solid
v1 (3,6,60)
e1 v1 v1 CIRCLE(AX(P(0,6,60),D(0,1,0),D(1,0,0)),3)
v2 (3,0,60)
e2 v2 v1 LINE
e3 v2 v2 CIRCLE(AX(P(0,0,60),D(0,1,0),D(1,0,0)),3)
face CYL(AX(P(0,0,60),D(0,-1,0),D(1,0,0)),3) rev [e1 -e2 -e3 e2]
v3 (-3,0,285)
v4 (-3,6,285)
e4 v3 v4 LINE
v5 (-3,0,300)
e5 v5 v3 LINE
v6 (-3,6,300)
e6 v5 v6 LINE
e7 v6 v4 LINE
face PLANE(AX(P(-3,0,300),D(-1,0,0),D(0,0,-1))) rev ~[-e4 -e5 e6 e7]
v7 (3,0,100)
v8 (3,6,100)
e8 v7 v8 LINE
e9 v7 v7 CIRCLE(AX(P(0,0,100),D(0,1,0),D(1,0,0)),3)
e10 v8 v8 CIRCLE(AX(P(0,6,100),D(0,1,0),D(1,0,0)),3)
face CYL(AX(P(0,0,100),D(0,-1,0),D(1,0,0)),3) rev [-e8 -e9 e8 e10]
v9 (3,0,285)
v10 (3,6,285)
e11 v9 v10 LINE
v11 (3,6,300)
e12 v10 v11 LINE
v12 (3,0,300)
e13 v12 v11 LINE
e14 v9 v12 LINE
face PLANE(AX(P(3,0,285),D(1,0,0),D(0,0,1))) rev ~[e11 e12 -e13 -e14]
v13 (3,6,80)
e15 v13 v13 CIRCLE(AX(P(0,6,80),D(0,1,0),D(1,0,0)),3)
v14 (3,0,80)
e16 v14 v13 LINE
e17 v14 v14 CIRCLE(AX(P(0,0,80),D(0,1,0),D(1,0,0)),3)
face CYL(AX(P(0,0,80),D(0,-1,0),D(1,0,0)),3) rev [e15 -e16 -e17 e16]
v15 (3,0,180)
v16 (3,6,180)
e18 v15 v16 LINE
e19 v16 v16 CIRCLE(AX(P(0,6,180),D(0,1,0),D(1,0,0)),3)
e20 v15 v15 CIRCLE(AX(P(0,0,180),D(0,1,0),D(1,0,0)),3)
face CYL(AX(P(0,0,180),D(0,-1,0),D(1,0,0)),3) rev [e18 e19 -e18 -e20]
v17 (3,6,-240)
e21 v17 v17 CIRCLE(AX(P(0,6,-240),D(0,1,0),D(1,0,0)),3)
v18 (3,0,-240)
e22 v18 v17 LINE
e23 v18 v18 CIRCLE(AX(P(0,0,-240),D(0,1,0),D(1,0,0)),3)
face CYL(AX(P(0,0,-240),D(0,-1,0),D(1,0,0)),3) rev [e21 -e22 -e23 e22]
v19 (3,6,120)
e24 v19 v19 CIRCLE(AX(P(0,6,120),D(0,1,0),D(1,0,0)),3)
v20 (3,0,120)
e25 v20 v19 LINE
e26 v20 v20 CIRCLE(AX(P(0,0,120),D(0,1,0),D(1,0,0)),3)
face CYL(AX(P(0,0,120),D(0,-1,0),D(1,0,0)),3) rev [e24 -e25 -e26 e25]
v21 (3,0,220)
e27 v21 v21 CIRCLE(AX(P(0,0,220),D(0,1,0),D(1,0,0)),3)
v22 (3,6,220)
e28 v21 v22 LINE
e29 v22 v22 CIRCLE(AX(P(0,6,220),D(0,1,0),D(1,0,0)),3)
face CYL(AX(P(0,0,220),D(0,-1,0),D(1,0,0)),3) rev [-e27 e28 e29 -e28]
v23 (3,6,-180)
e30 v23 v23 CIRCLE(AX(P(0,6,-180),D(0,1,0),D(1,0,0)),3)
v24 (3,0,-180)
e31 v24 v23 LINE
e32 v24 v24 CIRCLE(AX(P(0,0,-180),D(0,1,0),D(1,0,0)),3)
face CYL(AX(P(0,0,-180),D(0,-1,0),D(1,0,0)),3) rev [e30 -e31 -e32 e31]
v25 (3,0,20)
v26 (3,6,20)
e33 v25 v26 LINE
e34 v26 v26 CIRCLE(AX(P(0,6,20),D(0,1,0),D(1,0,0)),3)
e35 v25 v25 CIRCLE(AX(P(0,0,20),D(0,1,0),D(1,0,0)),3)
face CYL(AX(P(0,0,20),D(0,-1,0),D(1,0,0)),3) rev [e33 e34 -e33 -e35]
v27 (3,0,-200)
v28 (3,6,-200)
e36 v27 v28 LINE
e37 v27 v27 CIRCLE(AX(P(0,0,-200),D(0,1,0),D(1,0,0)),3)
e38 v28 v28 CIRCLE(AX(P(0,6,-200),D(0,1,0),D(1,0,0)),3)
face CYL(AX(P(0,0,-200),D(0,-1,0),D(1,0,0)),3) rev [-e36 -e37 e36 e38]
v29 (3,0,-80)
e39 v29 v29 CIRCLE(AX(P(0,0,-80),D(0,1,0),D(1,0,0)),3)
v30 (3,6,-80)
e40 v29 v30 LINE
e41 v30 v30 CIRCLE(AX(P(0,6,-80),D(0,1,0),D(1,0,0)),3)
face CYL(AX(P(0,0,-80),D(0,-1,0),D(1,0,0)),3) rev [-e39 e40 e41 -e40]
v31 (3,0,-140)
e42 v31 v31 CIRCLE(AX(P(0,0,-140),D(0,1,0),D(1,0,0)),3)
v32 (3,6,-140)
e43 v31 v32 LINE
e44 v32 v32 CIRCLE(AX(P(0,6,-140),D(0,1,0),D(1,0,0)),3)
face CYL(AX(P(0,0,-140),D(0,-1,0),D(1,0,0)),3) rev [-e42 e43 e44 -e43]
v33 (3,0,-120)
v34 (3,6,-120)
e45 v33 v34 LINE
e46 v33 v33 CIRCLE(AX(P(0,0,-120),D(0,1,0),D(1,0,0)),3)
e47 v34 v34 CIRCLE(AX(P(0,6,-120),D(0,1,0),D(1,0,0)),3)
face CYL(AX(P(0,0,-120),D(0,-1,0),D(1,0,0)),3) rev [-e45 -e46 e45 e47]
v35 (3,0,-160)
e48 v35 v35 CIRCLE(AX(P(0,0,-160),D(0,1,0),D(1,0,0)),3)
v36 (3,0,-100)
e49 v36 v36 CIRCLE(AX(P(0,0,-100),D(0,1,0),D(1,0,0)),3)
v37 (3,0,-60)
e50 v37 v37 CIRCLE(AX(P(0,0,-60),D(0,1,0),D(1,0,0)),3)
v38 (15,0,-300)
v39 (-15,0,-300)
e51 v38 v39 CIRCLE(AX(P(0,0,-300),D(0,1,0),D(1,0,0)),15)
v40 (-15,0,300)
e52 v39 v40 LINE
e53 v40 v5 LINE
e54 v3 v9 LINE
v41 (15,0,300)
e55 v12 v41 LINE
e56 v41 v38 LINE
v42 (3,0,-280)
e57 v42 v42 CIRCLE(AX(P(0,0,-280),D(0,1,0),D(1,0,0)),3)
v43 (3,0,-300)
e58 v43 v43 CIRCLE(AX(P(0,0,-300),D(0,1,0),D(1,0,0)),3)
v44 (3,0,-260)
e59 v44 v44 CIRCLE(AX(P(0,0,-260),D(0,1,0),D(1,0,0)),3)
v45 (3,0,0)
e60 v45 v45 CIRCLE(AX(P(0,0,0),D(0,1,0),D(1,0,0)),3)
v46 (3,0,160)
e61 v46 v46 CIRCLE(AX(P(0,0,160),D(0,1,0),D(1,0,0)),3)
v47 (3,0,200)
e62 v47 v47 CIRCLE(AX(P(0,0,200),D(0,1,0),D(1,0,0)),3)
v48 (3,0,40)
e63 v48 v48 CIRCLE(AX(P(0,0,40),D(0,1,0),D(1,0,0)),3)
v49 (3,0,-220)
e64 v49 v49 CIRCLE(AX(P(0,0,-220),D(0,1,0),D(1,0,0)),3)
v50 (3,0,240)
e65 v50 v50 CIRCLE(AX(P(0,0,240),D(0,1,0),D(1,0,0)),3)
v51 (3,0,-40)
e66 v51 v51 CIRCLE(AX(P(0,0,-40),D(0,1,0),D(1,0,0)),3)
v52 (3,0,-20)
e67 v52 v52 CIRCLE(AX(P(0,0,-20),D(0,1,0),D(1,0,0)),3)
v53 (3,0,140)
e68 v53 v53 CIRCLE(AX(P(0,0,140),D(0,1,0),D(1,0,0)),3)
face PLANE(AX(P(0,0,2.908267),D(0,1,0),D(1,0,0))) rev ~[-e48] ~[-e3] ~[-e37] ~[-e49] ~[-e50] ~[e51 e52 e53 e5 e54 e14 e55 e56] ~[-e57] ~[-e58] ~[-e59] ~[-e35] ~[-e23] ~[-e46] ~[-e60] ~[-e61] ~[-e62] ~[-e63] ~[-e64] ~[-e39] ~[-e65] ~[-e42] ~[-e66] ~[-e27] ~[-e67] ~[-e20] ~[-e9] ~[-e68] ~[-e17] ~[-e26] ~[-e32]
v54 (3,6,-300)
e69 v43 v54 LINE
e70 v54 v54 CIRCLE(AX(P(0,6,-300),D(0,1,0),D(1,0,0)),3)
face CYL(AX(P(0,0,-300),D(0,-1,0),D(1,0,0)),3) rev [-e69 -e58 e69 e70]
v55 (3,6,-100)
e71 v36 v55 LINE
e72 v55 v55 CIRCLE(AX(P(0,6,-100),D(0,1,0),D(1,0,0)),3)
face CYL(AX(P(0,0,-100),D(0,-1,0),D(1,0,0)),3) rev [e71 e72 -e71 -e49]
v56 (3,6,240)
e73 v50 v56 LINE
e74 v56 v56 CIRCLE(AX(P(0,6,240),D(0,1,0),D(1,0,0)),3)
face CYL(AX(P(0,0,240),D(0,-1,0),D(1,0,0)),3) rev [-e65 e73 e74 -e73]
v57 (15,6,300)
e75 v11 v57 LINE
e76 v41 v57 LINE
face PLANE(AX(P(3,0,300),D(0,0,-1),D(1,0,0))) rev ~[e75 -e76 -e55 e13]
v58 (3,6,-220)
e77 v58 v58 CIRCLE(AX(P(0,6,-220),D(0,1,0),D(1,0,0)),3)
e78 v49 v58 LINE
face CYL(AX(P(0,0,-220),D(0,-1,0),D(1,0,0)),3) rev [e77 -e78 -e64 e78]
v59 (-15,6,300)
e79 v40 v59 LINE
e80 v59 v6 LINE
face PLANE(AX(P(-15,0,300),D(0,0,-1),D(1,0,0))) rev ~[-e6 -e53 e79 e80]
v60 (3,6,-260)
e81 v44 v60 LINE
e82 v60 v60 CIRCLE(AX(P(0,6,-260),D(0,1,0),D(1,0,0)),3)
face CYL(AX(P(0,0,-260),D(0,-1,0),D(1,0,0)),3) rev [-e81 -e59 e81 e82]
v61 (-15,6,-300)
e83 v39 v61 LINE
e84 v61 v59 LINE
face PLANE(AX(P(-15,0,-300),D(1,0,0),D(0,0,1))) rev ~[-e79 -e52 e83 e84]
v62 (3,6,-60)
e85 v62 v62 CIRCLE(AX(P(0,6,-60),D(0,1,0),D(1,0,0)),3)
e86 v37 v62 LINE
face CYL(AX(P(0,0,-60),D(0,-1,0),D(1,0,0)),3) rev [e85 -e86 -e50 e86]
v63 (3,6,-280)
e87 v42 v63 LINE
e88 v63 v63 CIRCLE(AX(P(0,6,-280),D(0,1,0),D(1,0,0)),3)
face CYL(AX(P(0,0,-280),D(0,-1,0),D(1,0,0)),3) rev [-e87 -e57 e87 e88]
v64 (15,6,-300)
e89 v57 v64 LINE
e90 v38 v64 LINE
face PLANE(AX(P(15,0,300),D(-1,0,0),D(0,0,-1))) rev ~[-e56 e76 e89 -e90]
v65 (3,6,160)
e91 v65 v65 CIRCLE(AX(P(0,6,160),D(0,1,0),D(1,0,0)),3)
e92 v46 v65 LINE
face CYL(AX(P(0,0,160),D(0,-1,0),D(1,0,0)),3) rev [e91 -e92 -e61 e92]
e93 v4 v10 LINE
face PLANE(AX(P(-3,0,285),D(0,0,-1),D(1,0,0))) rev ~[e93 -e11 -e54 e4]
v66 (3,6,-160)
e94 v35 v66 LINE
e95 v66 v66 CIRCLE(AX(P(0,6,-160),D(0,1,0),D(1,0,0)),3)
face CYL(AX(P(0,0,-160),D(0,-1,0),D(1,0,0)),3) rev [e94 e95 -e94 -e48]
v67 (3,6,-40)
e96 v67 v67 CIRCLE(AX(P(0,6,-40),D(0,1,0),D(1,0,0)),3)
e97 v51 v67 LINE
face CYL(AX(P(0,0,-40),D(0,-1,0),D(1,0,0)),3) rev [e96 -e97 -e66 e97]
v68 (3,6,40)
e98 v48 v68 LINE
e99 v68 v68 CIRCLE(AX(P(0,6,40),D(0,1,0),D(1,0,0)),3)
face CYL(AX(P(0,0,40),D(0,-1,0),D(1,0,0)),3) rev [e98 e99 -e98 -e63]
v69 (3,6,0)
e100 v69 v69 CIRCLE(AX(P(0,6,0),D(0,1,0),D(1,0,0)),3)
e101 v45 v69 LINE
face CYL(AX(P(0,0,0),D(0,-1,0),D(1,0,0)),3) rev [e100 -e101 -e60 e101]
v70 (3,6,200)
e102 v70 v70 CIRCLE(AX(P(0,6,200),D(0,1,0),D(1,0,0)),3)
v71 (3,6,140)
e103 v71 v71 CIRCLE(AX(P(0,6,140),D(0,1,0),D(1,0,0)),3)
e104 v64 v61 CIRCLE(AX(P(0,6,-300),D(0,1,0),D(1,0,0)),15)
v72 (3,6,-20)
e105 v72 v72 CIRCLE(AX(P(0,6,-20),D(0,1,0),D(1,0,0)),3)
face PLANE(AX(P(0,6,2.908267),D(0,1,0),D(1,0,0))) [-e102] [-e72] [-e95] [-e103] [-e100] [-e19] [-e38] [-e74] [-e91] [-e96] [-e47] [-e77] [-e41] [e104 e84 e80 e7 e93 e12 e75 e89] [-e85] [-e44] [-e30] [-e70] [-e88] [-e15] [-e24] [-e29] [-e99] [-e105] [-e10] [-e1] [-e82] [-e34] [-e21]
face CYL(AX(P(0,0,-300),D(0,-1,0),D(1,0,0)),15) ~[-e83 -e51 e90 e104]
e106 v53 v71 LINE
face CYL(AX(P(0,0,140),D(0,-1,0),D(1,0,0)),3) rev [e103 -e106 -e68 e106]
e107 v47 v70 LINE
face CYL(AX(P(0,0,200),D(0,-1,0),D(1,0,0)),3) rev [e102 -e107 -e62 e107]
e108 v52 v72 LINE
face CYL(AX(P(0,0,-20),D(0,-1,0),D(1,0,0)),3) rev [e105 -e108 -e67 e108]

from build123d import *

# Parameters (mm, degrees)
SKETCH_1_R      = 3
EXTRUDE_1_DEPTH = 6


with BuildPart() as part:
    # Эскиз1 → Бобышка-Вытянуть1 (new body)
    with BuildSketch(Plane(origin=(0, 0, 0), x_dir=(1, 0, 0), z_dir=(0, 1, 0))):
        with BuildLine():
            Line((-15, -300), (-3, -300))
            Line((-3, -300), (-3, -285))
            Line((-3, -285), (3, -285))
            Line((3, -285), (3, -300))
            Line((3, -300), (15, -300))
            Line((15, -300), (15, 300))
            ThreePointArc((15, 300), (0, 315), (-15, 300))
            Line((-15, 300), (-15, -300))
        make_face()
        with Locations((0, 300)):
            Circle(SKETCH_1_R, mode=Mode.SUBTRACT)
        with Locations((0, 280)):
            Circle(SKETCH_1_R, mode=Mode.SUBTRACT)
        with Locations((0, 260)):
            Circle(SKETCH_1_R, mode=Mode.SUBTRACT)
        with Locations((0, 240)):
            Circle(SKETCH_1_R, mode=Mode.SUBTRACT)
        with Locations((0, 220)):
            Circle(SKETCH_1_R, mode=Mode.SUBTRACT)
        with Locations((0, 200)):
            Circle(SKETCH_1_R, mode=Mode.SUBTRACT)
        with Locations((0, 180)):
            Circle(SKETCH_1_R, mode=Mode.SUBTRACT)
        with Locations((0, 160)):
            Circle(SKETCH_1_R, mode=Mode.SUBTRACT)
        with Locations((0, 140)):
            Circle(SKETCH_1_R, mode=Mode.SUBTRACT)
        with Locations((0, 120)):
            Circle(SKETCH_1_R, mode=Mode.SUBTRACT)
        with Locations((0, 100)):
            Circle(SKETCH_1_R, mode=Mode.SUBTRACT)
        with Locations((0, 80)):
            Circle(SKETCH_1_R, mode=Mode.SUBTRACT)
        with Locations((0, 60)):
            Circle(SKETCH_1_R, mode=Mode.SUBTRACT)
        with Locations((0, 40)):
            Circle(SKETCH_1_R, mode=Mode.SUBTRACT)
        with Locations((0, 20)):
            Circle(SKETCH_1_R, mode=Mode.SUBTRACT)
        Circle(SKETCH_1_R, mode=Mode.SUBTRACT)
        with Locations((0, -20)):
            Circle(SKETCH_1_R, mode=Mode.SUBTRACT)
        with Locations((0, -40)):
            Circle(SKETCH_1_R, mode=Mode.SUBTRACT)
        with Locations((0, -60)):
            Circle(SKETCH_1_R, mode=Mode.SUBTRACT)
        with Locations((0, -80)):
            Circle(SKETCH_1_R, mode=Mode.SUBTRACT)
        with Locations((0, -100)):
            Circle(SKETCH_1_R, mode=Mode.SUBTRACT)
        with Locations((0, -120)):
            Circle(SKETCH_1_R, mode=Mode.SUBTRACT)
        with Locations((0, -140)):
            Circle(SKETCH_1_R, mode=Mode.SUBTRACT)
        with Locations((0, -160)):
            Circle(SKETCH_1_R, mode=Mode.SUBTRACT)
        with Locations((0, -180)):
            Circle(SKETCH_1_R, mode=Mode.SUBTRACT)
        with Locations((0, -200)):
            Circle(SKETCH_1_R, mode=Mode.SUBTRACT)
        with Locations((0, -220)):
            Circle(SKETCH_1_R, mode=Mode.SUBTRACT)
        with Locations((0, -240)):
            Circle(SKETCH_1_R, mode=Mode.SUBTRACT)
    extrude(amount=EXTRUDE_1_DEPTH)


solid = part.part
